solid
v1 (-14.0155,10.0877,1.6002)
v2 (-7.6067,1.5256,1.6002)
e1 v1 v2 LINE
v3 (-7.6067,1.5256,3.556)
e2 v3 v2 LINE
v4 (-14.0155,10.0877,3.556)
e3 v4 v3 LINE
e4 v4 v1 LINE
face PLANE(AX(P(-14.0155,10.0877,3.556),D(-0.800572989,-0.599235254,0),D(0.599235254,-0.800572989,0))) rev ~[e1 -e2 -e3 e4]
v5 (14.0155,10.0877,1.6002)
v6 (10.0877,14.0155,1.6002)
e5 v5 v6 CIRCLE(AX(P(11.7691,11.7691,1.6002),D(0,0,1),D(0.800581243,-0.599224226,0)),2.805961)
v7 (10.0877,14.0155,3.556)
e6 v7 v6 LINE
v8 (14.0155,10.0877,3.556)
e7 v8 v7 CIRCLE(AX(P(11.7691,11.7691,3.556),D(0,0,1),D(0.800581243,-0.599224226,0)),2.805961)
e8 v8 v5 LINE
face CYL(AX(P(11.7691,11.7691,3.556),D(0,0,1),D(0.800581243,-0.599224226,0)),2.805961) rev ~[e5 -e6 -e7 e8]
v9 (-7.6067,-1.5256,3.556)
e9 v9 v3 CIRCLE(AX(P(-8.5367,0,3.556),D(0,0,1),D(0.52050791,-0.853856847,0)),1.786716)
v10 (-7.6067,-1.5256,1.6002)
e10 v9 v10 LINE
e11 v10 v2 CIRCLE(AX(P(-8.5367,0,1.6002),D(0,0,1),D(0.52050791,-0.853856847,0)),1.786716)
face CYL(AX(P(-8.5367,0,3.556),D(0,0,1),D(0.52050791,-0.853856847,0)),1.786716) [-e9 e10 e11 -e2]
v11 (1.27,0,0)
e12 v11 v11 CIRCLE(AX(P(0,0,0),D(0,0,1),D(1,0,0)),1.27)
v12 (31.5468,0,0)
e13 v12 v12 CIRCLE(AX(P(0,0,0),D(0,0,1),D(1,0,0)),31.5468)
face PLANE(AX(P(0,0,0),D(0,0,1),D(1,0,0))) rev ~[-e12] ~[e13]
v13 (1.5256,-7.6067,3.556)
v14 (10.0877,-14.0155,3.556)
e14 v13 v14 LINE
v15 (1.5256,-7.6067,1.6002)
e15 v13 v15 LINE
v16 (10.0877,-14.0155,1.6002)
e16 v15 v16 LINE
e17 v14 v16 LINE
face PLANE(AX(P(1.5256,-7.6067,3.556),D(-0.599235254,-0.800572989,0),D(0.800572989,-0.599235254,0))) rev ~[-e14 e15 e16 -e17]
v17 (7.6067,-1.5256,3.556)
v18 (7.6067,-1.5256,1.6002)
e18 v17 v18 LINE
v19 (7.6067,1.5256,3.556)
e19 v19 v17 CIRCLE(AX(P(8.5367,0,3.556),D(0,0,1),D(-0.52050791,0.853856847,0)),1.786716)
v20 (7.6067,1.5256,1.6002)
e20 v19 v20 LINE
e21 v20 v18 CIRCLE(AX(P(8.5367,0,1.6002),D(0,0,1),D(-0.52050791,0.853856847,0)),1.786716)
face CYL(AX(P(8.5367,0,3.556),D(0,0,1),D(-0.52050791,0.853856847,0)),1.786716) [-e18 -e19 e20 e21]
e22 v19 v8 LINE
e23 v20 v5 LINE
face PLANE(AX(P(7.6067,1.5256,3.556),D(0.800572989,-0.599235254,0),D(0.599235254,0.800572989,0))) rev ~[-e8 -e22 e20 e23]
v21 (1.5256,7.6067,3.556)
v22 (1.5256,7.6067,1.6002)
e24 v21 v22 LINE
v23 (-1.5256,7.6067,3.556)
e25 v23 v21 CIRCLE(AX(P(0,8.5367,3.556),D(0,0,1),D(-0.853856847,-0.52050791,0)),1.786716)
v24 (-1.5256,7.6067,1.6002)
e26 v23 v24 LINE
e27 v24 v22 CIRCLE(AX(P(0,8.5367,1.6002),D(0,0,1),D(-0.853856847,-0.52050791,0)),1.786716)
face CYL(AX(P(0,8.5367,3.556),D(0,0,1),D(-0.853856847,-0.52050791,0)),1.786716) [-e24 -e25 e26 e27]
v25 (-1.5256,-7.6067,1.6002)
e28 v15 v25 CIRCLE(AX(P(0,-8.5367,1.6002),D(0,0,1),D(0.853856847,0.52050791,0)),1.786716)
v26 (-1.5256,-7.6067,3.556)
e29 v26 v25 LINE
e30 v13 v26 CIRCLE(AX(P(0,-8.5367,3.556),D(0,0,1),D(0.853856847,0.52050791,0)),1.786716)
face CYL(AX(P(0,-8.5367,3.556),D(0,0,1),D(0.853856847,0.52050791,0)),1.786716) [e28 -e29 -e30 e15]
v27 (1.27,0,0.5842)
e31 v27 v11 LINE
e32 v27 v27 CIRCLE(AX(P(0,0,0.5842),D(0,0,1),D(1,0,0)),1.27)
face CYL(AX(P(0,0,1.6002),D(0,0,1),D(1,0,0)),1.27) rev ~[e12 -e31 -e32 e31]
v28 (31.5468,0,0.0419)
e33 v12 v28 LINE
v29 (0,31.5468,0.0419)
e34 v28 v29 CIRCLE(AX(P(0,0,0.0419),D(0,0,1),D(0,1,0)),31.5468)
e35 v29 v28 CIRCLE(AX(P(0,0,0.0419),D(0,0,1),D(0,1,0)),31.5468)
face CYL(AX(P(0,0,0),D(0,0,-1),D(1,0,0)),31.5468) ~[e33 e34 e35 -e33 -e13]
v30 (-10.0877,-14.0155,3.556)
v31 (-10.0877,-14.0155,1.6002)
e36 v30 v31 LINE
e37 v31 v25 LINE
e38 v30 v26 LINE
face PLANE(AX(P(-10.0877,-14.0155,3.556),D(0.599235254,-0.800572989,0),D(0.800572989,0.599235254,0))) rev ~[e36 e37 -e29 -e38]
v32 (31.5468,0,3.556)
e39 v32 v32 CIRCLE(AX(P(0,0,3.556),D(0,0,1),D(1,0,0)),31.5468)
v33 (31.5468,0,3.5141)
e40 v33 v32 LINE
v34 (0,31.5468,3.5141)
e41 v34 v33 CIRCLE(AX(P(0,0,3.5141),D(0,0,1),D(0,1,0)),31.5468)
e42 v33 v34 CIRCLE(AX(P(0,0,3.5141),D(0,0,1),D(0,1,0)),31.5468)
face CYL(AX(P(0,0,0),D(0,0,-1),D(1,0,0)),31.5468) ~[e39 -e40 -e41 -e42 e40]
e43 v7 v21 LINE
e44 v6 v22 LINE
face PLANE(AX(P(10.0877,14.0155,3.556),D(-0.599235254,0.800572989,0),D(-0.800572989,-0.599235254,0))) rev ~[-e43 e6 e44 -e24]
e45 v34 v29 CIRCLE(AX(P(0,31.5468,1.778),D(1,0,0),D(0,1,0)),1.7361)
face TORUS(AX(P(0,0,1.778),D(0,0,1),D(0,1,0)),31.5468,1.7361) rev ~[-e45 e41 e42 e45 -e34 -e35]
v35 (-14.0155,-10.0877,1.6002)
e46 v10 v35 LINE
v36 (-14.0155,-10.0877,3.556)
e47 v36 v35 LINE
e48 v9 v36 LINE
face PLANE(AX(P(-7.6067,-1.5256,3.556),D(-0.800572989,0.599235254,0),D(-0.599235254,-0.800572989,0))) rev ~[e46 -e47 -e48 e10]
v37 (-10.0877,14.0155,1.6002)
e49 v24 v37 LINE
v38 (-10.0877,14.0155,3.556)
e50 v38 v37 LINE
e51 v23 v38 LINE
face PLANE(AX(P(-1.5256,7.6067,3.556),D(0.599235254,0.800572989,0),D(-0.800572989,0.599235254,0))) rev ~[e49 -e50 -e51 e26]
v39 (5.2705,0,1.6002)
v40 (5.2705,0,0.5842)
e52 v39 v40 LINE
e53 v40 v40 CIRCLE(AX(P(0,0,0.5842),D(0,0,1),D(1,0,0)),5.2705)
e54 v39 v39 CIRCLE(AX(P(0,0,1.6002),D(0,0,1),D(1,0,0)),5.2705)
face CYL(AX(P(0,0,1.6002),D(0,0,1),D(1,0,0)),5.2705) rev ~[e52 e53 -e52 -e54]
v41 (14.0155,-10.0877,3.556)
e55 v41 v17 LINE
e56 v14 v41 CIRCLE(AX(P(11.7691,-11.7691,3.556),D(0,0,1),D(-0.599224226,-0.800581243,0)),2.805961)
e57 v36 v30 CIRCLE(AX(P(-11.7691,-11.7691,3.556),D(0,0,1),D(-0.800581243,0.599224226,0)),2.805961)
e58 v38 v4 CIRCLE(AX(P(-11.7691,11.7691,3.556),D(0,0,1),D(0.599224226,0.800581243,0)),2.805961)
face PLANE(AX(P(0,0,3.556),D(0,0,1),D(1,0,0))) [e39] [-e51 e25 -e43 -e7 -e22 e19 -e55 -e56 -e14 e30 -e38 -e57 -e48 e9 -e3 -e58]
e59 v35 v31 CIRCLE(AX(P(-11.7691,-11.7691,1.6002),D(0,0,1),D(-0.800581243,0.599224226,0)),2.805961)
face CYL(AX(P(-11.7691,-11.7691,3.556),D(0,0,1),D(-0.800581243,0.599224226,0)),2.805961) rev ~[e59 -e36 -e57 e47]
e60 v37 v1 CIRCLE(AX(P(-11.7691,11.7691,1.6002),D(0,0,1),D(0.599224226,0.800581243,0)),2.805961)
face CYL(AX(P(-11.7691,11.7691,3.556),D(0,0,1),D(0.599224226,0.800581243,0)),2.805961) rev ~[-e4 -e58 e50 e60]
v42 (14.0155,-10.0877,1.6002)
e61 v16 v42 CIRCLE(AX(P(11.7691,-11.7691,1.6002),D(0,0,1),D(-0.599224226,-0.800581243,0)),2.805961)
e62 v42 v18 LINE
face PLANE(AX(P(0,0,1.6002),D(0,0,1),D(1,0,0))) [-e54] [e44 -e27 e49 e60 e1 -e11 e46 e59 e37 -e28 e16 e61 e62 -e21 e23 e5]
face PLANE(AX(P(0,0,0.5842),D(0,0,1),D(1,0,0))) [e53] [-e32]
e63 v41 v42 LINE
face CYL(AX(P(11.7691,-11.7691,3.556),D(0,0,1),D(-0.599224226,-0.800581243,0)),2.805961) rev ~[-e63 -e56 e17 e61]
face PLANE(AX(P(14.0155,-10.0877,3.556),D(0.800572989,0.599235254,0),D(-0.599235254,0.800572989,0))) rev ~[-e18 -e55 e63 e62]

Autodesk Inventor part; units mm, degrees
ref_plane "YZ Plane" through (0, 0, 0) normal (1, 0, 0) x (0, 1, 0)
ref_plane "XZ Plane" through (0, 0, 0) normal (0, 1, 0) x (-1, 0, 0)
ref_plane "XY Plane" through (0, 0, 0) normal (0, 0, 1) x (1, 0, 0)
sketch "Sketch1" plane through (0, 0, 0) normal (0, 0, 1) x (1, 0, 0)
  circle A0 centre (0, 0) radius 31.5468
  dimension "d0" = 63.0936
extrude "Extrusion1" add sketch "Sketch1" along normal blind 3.556
sketch "Sketch5" plane through (0, 0, 3.556) normal (0, 0, 1) x (1, 0, 0)
  arc A0 (1.5256, -7.6067) -> (-1.5256, -7.6067) centre (0, -8.5367) ccw
  line L0 (1.5256, -7.6067) -> (10.0877, -14.0155)
  arc A1 (10.0877, -14.0155) -> (14.0155, -10.0877) centre (11.7691, -11.7691) ccw
  line L1 (14.0155, -10.0877) -> (7.6067, -1.5256)
  arc A2 (7.6067, 1.5256) -> (7.6067, -1.5256) centre (8.5367, 0) ccw
  line L2 (7.6067, 1.5256) -> (14.0155, 10.0877)
  arc A3 (14.0155, 10.0877) -> (10.0877, 14.0155) centre (11.7691, 11.7691) ccw
  line L3 (10.0877, 14.0155) -> (1.5256, 7.6067)
  arc A4 (-1.5256, 7.6067) -> (1.5256, 7.6067) centre (0, 8.5367) ccw
  line L4 (-1.5256, 7.6067) -> (-10.0877, 14.0155)
  arc A5 (-10.0877, 14.0155) -> (-14.0155, 10.0877) centre (-11.7691, 11.7691) ccw
  line L5 (-14.0155, 10.0877) -> (-7.6067, 1.5256)
  arc A6 (-7.6067, -1.5256) -> (-7.6067, 1.5256) centre (-8.5367, 0) ccw
  line L6 (-7.6067, -1.5256) -> (-14.0155, -10.0877)
  arc A7 (-14.0155, -10.0877) -> (-10.0877, -14.0155) centre (-11.7691, -11.7691) ccw
  line L7 (-10.0877, -14.0155) -> (-1.5256, -7.6067)
  circle A8 centre (12.339, -12.339) radius 0.75
  circle A9 centre (9.8641, -9.8641) radius 0.75
  circle A10 centre (7.3893, -7.3893) radius 0.75
  circle A11 centre (4.9144, -4.9144) radius 0.75
  circle A12 centre (12.339, 12.339) radius 0.75
  circle A13 centre (9.8641, 9.8641) radius 0.75
  circle A14 centre (7.3893, 7.3893) radius 0.75
  circle A15 centre (4.9144, 4.9144) radius 0.75
  circle A16 centre (-12.339, 12.339) radius 0.75
  circle A17 centre (-9.8641, 9.8641) radius 0.75
  circle A18 centre (-7.3893, 7.3893) radius 0.75
  circle A19 centre (-4.9144, 4.9144) radius 0.75
  circle A20 centre (-12.339, -12.339) radius 0.75
  circle A21 centre (-9.8641, -9.8641) radius 0.75
  circle A22 centre (-7.3893, -7.3893) radius 0.75
  circle A23 centre (-4.9144, -4.9144) radius 0.75
  circle A24 centre (0, 0) radius 3.6
extrude "Extrusion4" cut sketch "Sketch5" against normal blind 1.9558 contours A0 L7 A7 L6 A6 L5 A5 L4 A4 L3 A3 L2 A2 L1 A1 L0 | A8 | A9 | A10 | A11 | A12 | A13 | A14 | A15 | A16 | A17 | A18 | A19 | A20 | A21 | A22 | A23 | A24
sketch "Sketch6" plane through (0, 0, 0) normal (0, 1, 0) x (-1, 0, 0)
  point P0 (0, 0)
sketch "Sketch7" plane through (0, 0, 0) normal (0, 1, 0) x (-1, 0, 0)
  point P0 (0, 0)
sketch "Sketch8" plane through (0, 0, 0) normal (1, 0, 0) x (0, 1, 0)
  line L0 (31.5468, 0) -> (31.5468, 3.556) projected
  circle A0 centre (31.5468, 1.778) radius 1.7361
  line L1 (0, 0) -> (0, 3.556)
  line L2 (31.5468, 3.556) -> (-31.5468, 3.556) projected
revolve "Revolution1" cut sketch "Sketch8" angle 360 about axis through (0, 0, 0) along (0, 0, 1)
sketch "Sketch9" plane through (0, 0, 1.6002) normal (0, 0, 1) x (1, 0, 0)
  circle A0 centre (0, 0) radius 1.27
  circle A1 centre (0, 0) radius 5.2705
extrude "Extrusion5" cut sketch "Sketch9" along normal mid plane 25.4 contours A0
sketch "Sketch10" plane through (0, 0, 3.556) normal (0, 0, 1) x (1, 0, 0)
  point P0 (0, 0)
sketch "Sketch11" plane through (0, 0, 1.6002) normal (0, 0, 1) x (1, 0, 0)
  circle A0 centre (0, 0) radius 5.2705
extrude "Extrusion6" cut sketch "Sketch11" against normal blind 1.016
properties part number "Aidan Sherry Wheel"
